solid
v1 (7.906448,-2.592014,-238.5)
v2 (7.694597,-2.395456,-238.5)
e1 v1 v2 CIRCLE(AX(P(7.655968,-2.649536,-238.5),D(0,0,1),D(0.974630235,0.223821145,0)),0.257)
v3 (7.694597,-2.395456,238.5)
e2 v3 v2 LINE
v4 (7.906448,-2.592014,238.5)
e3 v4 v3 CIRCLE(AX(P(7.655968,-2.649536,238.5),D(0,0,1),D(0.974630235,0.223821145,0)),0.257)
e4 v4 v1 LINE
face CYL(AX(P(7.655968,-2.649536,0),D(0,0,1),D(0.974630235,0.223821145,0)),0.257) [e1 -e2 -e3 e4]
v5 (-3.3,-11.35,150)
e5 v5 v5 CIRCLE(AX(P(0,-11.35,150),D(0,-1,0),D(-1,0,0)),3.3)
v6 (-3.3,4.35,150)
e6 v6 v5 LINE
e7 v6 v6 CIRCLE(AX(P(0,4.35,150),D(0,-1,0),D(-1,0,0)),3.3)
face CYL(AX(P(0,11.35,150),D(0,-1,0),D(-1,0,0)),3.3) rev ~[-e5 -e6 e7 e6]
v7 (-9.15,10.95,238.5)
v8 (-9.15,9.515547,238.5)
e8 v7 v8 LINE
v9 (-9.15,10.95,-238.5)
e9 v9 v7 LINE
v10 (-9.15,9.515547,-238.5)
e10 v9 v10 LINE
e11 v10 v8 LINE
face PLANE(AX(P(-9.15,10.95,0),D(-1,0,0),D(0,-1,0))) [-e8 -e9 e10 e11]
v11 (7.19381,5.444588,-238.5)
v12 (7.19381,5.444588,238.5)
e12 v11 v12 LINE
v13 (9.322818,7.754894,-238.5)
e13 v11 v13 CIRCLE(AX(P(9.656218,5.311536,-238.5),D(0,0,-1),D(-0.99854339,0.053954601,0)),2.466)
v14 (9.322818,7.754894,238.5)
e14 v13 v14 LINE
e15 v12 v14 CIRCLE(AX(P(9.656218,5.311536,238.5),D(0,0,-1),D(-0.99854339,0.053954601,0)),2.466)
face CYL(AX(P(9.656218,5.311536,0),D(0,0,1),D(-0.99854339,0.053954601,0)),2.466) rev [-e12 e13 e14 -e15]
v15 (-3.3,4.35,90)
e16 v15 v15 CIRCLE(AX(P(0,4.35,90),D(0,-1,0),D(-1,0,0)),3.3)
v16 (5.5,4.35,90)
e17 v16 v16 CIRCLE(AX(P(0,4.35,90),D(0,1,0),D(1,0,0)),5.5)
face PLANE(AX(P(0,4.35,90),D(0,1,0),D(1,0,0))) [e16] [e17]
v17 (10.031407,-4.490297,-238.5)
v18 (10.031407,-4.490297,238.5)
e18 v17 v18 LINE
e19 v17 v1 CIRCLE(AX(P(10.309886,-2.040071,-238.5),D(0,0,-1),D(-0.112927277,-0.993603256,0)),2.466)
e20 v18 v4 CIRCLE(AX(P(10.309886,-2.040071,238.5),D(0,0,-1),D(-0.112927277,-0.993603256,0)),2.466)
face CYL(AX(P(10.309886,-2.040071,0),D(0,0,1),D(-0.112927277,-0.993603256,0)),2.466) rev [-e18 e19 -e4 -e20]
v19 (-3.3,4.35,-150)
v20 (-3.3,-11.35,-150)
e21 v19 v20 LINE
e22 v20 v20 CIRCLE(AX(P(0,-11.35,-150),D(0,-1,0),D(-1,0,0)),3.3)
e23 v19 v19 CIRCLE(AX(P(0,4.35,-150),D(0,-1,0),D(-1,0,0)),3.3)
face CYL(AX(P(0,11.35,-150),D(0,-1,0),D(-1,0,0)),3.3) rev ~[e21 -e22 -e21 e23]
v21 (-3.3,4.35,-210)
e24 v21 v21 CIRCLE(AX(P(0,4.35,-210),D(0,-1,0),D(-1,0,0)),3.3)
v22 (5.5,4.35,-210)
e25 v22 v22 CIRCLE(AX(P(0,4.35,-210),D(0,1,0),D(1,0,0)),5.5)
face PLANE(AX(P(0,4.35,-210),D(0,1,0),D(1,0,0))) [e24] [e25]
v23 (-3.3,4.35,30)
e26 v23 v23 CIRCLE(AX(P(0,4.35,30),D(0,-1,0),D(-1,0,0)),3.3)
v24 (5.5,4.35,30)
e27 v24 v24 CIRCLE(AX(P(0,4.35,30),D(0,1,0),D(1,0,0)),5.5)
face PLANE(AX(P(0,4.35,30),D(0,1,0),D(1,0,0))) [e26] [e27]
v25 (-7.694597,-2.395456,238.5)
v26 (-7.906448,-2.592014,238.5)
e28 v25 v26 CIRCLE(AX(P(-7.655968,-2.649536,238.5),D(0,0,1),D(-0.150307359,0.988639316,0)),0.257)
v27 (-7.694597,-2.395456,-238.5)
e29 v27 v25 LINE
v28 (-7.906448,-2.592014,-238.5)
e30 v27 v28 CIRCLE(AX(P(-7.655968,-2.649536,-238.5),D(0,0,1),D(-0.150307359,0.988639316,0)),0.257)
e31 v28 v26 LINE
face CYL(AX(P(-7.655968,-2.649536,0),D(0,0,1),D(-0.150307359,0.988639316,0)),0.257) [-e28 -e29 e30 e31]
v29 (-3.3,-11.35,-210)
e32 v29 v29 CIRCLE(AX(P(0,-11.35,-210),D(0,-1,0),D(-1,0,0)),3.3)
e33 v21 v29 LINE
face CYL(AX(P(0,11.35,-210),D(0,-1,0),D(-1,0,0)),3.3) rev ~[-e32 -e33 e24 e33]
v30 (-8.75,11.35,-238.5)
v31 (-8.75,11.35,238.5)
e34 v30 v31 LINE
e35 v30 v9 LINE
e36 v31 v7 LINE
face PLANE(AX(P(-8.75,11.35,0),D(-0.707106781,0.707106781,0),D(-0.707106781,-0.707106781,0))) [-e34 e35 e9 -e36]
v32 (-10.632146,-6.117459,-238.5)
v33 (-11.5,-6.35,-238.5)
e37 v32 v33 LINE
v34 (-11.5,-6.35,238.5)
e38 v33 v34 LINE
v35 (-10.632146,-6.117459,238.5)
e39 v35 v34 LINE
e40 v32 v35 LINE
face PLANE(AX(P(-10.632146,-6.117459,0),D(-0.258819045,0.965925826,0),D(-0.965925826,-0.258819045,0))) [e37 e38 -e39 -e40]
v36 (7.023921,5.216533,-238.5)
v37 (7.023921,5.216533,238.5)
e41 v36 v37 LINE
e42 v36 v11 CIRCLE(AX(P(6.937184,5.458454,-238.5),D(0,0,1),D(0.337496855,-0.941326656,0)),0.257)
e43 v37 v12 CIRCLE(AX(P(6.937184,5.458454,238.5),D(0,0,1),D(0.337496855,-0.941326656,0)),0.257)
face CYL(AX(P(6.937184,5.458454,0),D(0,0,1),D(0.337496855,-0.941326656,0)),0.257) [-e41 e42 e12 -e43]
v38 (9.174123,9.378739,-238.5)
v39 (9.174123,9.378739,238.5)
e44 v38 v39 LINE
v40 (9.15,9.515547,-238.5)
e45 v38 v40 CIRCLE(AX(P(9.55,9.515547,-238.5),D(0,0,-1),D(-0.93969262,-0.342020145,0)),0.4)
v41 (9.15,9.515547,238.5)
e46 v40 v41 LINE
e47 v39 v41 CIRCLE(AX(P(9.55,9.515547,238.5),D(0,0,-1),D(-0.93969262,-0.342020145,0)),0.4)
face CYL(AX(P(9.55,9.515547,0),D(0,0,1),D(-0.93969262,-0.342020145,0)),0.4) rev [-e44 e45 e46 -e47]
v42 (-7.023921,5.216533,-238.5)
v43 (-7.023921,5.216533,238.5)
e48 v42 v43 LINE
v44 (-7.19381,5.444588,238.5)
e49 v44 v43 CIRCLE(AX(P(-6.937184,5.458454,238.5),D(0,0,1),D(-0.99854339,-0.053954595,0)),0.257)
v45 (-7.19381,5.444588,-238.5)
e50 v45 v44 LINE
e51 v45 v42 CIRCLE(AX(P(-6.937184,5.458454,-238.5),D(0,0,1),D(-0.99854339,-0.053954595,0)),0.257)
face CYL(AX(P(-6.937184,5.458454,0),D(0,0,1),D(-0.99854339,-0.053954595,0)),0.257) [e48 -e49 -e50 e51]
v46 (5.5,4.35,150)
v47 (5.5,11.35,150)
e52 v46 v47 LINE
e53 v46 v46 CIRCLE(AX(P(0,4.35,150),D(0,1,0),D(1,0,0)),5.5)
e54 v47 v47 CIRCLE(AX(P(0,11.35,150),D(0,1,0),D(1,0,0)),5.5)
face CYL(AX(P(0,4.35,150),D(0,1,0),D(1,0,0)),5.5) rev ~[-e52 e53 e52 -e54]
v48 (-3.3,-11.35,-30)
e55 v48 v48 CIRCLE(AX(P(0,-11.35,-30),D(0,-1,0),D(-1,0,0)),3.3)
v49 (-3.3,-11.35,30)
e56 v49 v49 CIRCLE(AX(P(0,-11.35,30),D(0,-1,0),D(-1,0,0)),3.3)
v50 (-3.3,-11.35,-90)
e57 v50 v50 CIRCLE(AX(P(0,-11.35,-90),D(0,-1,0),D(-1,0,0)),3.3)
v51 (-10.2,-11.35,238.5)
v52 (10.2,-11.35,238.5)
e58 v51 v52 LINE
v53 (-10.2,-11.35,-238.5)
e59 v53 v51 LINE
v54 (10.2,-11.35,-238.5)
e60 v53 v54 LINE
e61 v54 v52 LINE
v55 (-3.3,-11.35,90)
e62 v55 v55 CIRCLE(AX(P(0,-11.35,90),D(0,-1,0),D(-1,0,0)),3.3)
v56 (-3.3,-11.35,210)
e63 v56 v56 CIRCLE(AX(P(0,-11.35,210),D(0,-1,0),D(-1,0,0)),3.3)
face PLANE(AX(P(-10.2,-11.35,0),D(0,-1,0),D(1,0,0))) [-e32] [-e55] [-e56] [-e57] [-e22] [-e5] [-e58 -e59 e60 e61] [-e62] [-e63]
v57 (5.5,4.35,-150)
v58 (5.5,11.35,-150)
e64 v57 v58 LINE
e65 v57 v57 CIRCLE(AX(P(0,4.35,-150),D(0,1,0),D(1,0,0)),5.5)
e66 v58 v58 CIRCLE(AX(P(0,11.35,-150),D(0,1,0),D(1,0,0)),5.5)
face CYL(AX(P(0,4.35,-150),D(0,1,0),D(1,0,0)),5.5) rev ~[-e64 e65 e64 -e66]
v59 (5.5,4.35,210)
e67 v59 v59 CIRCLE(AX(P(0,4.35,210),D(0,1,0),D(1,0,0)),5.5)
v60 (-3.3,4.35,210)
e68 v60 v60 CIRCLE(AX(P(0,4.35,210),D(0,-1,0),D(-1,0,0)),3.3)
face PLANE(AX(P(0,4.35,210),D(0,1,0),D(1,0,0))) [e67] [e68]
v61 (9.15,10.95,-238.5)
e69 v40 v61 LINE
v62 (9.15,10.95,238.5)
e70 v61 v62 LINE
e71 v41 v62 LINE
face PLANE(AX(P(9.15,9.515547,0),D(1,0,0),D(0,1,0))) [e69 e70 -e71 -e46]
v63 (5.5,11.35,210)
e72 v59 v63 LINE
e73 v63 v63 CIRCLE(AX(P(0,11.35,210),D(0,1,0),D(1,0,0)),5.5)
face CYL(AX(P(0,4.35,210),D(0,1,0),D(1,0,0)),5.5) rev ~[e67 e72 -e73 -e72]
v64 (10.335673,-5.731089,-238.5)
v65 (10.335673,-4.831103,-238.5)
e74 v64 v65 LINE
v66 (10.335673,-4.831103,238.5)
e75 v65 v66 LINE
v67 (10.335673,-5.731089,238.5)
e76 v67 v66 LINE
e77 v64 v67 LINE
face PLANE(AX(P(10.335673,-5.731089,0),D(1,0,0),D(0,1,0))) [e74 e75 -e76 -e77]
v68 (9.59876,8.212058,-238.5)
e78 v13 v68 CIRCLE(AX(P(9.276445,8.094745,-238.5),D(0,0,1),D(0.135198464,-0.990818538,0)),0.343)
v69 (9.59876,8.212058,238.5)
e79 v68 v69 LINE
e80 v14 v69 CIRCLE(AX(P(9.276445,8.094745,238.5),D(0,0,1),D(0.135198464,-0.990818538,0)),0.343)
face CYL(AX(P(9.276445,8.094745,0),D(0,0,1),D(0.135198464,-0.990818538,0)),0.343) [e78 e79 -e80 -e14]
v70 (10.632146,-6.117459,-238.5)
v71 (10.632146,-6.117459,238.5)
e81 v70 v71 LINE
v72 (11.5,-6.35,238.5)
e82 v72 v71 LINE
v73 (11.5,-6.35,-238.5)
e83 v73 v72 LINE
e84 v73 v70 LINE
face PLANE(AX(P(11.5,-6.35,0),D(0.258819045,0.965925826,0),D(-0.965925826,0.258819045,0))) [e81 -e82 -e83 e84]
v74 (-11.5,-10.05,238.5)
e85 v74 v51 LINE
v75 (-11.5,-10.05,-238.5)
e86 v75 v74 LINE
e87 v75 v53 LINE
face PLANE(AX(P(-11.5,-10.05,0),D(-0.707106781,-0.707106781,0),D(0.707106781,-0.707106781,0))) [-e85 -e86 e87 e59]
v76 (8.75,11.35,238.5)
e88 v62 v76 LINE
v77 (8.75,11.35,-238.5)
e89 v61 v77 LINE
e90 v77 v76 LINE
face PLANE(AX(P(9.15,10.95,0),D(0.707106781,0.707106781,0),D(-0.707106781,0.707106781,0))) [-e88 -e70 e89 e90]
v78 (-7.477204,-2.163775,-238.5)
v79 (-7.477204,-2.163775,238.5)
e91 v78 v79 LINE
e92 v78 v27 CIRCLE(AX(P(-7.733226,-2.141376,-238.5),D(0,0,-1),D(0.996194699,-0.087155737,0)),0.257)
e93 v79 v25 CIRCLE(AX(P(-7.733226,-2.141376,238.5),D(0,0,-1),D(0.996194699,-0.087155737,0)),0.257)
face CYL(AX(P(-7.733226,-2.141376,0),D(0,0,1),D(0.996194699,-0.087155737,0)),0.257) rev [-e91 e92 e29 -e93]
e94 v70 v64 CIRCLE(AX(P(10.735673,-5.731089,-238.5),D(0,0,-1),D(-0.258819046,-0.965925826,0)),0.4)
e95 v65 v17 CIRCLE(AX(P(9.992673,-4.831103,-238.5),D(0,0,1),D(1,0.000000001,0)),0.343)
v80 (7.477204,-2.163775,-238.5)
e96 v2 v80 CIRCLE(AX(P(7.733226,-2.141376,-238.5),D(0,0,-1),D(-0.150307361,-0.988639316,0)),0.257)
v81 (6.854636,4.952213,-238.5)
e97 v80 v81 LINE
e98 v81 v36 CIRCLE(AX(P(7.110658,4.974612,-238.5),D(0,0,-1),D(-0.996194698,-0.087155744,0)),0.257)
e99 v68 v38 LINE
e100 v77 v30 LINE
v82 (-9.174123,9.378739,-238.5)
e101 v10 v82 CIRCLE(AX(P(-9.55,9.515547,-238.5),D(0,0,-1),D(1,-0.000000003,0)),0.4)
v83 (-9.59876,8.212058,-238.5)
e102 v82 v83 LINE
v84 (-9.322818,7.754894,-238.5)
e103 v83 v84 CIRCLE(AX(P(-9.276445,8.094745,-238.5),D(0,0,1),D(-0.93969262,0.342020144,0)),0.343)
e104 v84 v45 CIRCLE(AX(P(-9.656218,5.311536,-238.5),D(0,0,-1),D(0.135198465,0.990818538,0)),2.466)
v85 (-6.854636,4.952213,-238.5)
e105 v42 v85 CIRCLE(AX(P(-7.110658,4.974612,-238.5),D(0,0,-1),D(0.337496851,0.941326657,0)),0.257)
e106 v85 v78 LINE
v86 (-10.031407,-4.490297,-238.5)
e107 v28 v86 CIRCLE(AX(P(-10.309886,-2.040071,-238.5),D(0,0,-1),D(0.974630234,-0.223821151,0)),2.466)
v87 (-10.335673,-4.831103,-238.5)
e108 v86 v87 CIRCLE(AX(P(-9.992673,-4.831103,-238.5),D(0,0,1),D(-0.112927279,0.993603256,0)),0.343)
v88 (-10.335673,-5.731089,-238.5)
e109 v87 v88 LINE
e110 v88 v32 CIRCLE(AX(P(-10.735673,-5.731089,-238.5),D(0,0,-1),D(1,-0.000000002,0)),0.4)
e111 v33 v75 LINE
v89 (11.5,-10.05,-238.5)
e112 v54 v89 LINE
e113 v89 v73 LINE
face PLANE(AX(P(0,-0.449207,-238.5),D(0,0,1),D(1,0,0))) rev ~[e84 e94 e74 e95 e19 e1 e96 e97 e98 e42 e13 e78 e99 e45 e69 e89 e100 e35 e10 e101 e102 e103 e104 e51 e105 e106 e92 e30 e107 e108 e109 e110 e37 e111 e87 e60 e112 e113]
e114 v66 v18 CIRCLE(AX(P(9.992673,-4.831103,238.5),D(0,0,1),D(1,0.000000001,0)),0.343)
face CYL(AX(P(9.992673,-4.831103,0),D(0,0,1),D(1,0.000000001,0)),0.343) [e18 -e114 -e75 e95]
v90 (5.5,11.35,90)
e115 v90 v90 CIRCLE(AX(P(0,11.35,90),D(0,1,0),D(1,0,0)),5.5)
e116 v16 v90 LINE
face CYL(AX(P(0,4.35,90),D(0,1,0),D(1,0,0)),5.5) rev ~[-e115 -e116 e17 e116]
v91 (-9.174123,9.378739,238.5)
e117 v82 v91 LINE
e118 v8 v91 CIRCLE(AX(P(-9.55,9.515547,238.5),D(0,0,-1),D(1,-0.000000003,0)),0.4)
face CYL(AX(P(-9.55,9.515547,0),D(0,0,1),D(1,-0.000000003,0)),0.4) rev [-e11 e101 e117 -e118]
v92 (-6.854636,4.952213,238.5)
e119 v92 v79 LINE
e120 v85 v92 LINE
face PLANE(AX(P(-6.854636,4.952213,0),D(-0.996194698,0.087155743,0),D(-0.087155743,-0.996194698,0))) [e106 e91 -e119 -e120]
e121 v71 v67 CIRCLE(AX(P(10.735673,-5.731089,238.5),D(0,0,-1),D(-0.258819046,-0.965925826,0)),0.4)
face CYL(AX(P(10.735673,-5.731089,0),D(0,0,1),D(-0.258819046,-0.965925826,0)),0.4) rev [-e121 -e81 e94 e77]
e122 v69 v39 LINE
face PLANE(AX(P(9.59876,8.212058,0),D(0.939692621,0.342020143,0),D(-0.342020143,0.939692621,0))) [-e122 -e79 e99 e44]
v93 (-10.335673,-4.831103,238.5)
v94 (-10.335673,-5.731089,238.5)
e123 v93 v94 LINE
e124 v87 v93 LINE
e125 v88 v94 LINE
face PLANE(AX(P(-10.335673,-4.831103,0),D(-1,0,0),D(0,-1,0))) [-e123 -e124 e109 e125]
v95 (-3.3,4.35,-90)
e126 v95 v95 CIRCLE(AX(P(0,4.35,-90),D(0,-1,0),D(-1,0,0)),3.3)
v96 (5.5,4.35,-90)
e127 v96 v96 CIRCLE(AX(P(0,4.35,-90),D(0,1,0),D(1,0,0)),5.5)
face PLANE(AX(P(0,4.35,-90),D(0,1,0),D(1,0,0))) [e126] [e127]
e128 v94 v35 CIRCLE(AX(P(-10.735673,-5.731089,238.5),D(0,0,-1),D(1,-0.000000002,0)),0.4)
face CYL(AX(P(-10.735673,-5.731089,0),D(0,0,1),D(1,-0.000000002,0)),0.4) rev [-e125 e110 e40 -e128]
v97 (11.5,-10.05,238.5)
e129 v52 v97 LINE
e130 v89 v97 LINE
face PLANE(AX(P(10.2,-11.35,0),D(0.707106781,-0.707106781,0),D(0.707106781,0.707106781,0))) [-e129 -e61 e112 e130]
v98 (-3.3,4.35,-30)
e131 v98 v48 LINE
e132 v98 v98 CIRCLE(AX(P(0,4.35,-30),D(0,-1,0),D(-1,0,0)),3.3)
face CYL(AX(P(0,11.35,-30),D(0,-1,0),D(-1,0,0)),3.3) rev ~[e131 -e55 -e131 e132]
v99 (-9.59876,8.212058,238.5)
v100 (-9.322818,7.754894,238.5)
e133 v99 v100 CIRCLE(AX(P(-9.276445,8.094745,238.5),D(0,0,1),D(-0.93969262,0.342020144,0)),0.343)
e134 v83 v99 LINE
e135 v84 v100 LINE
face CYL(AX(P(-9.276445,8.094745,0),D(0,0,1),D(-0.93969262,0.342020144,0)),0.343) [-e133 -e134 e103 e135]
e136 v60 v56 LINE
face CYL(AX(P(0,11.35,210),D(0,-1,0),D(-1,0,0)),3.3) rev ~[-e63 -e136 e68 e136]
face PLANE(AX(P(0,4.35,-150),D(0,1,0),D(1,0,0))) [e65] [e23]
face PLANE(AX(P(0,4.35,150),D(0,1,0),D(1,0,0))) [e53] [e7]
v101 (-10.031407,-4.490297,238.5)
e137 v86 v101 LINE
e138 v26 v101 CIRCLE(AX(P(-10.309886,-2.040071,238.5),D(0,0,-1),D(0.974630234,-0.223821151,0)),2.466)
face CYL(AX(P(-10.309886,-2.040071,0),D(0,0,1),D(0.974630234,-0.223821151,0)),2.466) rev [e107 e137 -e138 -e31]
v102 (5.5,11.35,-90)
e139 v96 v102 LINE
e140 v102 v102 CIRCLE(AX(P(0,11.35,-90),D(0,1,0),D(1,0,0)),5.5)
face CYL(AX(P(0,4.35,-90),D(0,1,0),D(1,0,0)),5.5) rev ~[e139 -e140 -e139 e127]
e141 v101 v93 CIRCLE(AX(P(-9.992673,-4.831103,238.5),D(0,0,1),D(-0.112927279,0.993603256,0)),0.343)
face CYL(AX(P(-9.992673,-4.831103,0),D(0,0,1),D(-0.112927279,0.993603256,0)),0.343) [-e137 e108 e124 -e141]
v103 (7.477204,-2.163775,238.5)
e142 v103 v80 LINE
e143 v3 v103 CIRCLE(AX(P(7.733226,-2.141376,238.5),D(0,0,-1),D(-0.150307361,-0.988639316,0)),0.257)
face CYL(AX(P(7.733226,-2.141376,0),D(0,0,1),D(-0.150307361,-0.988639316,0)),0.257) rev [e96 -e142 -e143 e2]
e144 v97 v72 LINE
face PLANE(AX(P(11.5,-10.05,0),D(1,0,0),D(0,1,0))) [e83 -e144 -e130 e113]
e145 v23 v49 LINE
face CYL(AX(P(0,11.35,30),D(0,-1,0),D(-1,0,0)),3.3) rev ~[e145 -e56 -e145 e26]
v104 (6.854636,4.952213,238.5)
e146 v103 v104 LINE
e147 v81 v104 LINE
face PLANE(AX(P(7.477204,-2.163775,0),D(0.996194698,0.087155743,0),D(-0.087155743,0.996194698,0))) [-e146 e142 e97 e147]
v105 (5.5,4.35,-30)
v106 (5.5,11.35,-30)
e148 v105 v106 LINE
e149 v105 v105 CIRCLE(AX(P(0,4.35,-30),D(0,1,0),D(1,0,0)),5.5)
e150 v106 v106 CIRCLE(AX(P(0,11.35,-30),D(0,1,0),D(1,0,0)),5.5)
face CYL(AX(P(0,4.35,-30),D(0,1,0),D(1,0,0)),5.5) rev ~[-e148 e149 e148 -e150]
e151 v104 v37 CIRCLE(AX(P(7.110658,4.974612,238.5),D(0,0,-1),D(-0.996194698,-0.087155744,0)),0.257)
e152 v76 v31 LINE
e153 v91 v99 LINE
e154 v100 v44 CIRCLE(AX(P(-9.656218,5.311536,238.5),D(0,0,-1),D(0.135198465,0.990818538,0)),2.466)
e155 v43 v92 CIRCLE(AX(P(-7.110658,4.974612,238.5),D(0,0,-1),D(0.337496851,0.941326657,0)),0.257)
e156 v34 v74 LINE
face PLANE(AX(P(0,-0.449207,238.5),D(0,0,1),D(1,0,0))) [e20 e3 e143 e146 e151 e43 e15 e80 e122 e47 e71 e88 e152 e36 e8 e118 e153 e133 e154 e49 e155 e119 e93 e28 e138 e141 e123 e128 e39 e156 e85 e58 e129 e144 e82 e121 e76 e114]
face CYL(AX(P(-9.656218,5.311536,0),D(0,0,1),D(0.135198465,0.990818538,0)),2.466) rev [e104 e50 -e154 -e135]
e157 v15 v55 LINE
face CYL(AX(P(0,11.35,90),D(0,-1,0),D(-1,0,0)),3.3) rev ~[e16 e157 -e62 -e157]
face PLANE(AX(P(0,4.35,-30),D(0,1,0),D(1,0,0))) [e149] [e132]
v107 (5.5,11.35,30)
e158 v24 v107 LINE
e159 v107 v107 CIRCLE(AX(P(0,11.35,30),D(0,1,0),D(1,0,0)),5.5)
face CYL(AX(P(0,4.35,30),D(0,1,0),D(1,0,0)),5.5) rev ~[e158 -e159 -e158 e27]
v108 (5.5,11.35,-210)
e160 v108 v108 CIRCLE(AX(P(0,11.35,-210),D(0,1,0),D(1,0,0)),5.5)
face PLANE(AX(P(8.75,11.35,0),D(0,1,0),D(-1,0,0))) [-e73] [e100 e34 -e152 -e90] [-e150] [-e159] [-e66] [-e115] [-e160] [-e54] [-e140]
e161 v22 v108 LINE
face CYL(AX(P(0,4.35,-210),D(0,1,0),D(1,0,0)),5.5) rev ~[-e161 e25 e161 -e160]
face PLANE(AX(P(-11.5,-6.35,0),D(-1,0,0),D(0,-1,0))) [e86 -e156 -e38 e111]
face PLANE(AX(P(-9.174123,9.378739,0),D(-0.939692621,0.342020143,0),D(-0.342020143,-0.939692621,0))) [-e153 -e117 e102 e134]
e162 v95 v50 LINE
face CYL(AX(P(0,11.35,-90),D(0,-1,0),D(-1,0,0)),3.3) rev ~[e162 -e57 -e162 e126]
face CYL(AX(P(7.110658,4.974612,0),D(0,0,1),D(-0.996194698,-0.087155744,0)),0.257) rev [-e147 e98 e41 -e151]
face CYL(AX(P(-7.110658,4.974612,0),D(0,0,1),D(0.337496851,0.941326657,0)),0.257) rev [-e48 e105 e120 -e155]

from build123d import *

# Parameters (mm, degrees)
EXTRUDE1_DEPTH                                      = 238.5
CBORE_FOR_M6_HEX_SOCKET_HEAD_CAP_SCREW1_D           = 6.6
CBORE_FOR_M6_HEX_SOCKET_HEAD_CAP_SCREW1_CBORE_D     = 11
CBORE_FOR_M6_HEX_SOCKET_HEAD_CAP_SCREW1_CBORE_DEPTH = 7
LPATTERN2_COUNT                                     = 8
LPATTERN2_PITCH                                     = 60


with BuildPart() as part:
    # Sketch1 → Extrude1 (new, symmetric)
    with BuildSketch(Plane.XY):
        with BuildLine():
            Line((7.477203841, -2.163774891), (6.854635535, 4.95221341))
            ThreePointArc((6.854635535, 4.95221341), (6.894238652, 5.113219257), (7.023920881, 5.216533386))
            ThreePointArc((7.023920881, 5.216533386), (7.143282835, 5.304921447), (7.19380984, 5.444588005))
            ThreePointArc((7.19380984, 5.444588005), (7.842791864, 6.982656014), (9.322818427, 7.754894477))
            ThreePointArc((9.322818427, 7.754894477), (9.570098719, 7.917497666), (9.598759922, 8.212058144))
            Line((9.598759922, 8.212058144), (9.174122952, 9.378738633))
            ThreePointArc((9.174122952, 9.378738633), (9.156076899, 9.446087419), (9.15, 9.51554669))
            Line((9.15, 9.51554669), (9.15, 10.95))
            Line((9.15, 10.95), (8.75, 11.35))
            Line((8.75, 11.35), (-8.75, 11.35))
            Line((-8.75, 11.35), (-9.15, 10.95))
            Line((-9.15, 10.95), (-9.15, 9.51554669))
            ThreePointArc((-9.15, 9.51554669), (-9.156076899, 9.446087419), (-9.174122952, 9.378738633))
            Line((-9.174122952, 9.378738633), (-9.598759922, 8.212058144))
            ThreePointArc((-9.598759922, 8.212058144), (-9.570098719, 7.917497666), (-9.322818427, 7.754894477))
            ThreePointArc((-9.322818427, 7.754894477), (-7.842791864, 6.982656014), (-7.19380984, 5.444588005))
            ThreePointArc((-7.19380984, 5.444588005), (-7.143282835, 5.304921447), (-7.023920881, 5.216533386))
            ThreePointArc((-7.023920881, 5.216533386), (-6.894238652, 5.113219257), (-6.854635535, 4.95221341))
            Line((-6.854635535, 4.95221341), (-7.477203841, -2.163774891))
            ThreePointArc((-7.477203841, -2.163774891), (-7.545812268, -2.317231314), (-7.694596885, -2.395456169))
            ThreePointArc((-7.694596885, -2.395456169), (-7.830767167, -2.461137392), (-7.906447862, -2.592014437))
            ThreePointArc((-7.906447862, -2.592014437), (-8.667010877, -3.879124842), (-10.031407356, -4.49029711))
            ThreePointArc((-10.031407356, -4.49029711), (-10.248539262, -4.602670084), (-10.3356733, -4.831103027))
            Line((-10.3356733, -4.831103027), (-10.3356733, -5.731088806))
            ThreePointArc((-10.3356733, -5.731088806), (-10.418331964, -5.974593377), (-10.632145682, -6.117459136))
            Line((-10.632145682, -6.117459136), (-11.5, -6.35))
            Line((-11.5, -6.35), (-11.5, -10.05))
            Line((-11.5, -10.05), (-10.2, -11.35))
            Line((-10.2, -11.35), (10.2, -11.35))
            Line((10.2, -11.35), (11.5, -10.05))
            Line((11.5, -10.05), (11.5, -6.35))
            Line((11.5, -6.35), (10.632145682, -6.117459136))
            ThreePointArc((10.632145682, -6.117459136), (10.418331964, -5.974593377), (10.3356733, -5.731088806))
            Line((10.3356733, -5.731088806), (10.3356733, -4.831103027))
            ThreePointArc((10.3356733, -4.831103027), (10.248539262, -4.602670084), (10.031407356, -4.49029711))
            ThreePointArc((10.031407356, -4.49029711), (8.667010877, -3.879124842), (7.906447862, -2.592014437))
            ThreePointArc((7.906447862, -2.592014437), (7.830767167, -2.461137392), (7.694596885, -2.395456169))
            ThreePointArc((7.694596885, -2.395456169), (7.545812268, -2.317231314), (7.477203841, -2.163774891))
        make_face()
    extrude(amount=EXTRUDE1_DEPTH, both=True)

    # CBORE for M6 Hex Socket Head Cap Screw1 (through all)
    with Locations(Plane(origin=(0, 11.35, 0), x_dir=(1, 0, 0), z_dir=(0, 1, 0))):
        with Locations((0, -210)):
            cbore_for_m6_hex_socket_head_cap_screw1 = CounterBoreHole(CBORE_FOR_M6_HEX_SOCKET_HEAD_CAP_SCREW1_D / 2, CBORE_FOR_M6_HEX_SOCKET_HEAD_CAP_SCREW1_CBORE_D / 2, CBORE_FOR_M6_HEX_SOCKET_HEAD_CAP_SCREW1_CBORE_DEPTH)

    # LPattern2: CBORE for M6 Hex Socket Head Cap Screw1 ×8
    with Locations(*[(0, 0, -i * LPATTERN2_PITCH) for i in range(1, LPATTERN2_COUNT)]):
        add(cbore_for_m6_hex_socket_head_cap_screw1, mode=Mode.SUBTRACT)


solid = part.part
